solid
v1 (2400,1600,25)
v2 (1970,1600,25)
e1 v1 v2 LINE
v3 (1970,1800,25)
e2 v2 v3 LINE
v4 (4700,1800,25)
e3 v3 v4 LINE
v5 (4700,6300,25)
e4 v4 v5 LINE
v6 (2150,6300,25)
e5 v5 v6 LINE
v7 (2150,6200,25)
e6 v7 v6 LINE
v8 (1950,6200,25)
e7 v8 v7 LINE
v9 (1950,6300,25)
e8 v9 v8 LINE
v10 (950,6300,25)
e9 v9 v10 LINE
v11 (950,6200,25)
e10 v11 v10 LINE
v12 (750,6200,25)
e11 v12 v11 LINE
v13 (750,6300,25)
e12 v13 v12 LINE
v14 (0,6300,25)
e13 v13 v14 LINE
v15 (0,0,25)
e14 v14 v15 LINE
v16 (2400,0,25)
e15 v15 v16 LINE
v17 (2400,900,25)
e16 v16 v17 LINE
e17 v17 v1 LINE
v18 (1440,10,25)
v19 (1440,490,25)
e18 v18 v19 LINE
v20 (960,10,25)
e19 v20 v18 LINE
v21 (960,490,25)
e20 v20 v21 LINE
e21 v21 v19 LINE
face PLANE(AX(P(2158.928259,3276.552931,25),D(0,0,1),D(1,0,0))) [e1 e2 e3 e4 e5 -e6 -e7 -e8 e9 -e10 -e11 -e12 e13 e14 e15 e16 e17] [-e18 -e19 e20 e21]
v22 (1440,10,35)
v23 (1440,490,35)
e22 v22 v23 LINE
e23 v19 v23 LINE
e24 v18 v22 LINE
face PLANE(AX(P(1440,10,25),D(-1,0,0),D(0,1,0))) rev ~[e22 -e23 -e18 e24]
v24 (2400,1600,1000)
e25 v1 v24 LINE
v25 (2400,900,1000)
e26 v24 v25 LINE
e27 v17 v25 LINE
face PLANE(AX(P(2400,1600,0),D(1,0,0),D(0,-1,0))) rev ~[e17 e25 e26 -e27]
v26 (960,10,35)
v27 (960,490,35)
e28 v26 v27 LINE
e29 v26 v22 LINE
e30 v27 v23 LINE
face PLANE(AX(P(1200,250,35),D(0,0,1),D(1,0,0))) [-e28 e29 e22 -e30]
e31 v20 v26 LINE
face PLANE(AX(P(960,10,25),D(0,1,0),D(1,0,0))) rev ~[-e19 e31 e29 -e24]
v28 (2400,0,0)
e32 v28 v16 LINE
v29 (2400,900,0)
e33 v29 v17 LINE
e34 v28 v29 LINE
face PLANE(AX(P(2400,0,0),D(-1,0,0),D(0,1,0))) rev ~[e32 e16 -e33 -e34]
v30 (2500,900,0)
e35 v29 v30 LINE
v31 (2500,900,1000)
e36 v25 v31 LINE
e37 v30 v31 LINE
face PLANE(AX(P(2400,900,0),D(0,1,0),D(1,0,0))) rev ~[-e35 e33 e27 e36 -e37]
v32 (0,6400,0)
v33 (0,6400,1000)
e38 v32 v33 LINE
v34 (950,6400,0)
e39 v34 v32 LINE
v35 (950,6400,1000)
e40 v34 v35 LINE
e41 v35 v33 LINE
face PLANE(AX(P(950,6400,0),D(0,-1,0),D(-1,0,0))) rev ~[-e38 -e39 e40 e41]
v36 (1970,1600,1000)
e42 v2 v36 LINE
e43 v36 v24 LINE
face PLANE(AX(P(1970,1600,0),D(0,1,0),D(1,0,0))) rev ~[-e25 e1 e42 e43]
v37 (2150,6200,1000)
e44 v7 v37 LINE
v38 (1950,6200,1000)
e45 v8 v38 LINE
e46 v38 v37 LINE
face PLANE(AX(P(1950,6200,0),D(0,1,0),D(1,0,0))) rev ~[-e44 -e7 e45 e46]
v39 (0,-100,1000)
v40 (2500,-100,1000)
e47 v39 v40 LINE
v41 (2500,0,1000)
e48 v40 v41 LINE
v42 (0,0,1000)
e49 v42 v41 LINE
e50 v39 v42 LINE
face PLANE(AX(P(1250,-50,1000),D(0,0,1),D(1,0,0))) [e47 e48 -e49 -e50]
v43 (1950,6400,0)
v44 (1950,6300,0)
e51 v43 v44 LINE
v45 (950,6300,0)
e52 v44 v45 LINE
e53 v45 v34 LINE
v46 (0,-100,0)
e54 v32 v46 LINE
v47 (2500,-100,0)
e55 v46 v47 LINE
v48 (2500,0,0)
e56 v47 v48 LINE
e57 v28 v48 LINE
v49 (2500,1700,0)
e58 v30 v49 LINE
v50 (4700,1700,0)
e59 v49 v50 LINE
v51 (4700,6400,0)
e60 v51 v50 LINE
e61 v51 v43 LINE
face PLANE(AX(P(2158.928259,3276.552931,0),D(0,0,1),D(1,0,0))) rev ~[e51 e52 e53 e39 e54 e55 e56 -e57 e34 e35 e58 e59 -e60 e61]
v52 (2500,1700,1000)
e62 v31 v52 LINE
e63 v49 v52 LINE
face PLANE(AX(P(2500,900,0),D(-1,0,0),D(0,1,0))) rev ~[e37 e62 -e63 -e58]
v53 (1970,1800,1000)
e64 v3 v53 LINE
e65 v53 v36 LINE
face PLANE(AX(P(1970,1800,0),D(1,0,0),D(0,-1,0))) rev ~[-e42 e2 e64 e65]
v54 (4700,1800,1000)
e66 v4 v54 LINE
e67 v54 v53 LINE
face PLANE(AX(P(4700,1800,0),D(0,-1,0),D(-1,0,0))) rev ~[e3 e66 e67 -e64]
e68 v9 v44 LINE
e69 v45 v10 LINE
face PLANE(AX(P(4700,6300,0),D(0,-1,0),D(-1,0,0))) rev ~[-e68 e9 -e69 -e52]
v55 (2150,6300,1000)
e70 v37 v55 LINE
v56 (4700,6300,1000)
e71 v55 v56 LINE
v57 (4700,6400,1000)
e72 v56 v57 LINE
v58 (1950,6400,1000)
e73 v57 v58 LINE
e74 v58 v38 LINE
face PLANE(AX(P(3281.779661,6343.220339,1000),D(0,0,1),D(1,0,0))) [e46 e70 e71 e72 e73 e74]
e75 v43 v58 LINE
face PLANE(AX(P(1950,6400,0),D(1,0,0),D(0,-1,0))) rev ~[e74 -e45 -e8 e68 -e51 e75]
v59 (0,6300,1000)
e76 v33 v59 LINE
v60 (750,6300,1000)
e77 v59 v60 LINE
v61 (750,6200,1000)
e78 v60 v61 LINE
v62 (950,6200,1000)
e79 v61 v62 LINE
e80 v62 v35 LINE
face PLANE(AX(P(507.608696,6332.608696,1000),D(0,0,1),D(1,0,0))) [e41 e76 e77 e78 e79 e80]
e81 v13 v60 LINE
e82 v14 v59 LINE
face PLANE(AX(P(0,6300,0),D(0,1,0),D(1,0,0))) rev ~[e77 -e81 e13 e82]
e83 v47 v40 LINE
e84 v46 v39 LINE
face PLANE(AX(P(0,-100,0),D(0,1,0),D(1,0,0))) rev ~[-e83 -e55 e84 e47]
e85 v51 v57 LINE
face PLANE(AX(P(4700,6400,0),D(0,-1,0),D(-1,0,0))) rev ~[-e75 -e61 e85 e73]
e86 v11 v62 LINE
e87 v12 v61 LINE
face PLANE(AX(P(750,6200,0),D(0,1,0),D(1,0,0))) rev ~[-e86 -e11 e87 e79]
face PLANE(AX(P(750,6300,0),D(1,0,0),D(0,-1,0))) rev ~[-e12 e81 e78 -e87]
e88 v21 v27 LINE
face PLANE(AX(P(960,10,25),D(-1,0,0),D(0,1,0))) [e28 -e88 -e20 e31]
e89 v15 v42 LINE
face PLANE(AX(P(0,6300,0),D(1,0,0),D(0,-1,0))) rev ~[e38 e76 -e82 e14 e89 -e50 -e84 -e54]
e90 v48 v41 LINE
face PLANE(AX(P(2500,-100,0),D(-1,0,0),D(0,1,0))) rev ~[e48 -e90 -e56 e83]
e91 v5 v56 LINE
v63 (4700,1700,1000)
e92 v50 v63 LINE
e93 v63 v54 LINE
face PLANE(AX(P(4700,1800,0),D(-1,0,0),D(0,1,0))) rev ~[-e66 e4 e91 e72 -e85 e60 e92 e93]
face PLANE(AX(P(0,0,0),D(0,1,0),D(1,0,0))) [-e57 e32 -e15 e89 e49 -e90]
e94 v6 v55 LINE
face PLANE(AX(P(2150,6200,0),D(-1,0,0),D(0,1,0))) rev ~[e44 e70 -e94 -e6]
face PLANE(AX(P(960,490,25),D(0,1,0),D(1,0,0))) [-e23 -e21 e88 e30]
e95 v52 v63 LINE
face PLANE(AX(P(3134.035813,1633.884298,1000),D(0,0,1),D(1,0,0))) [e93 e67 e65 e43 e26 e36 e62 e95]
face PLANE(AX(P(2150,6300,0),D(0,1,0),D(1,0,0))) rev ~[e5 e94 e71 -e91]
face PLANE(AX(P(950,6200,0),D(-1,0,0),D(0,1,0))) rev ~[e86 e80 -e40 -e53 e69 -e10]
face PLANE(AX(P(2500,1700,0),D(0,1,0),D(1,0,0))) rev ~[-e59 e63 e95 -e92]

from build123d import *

# Parameters (mm, degrees)
F2_DEPTH  = 1000
F4_DEPTH  = 1000
F5_W      = 2500
F5_H      = 100
F6_DEPTH  = 1000
F8_DEPTH  = 1000
F9_DEPTH  = 25
F10_W     = 480
F10_H     = 480
F11_DEPTH = 10


with BuildPart() as f2:
    # F1 (on Top) → F2 (new body)
    with BuildSketch(Plane.XY):
        Polygon((0, 6400), (0, 6300), (750, 6300), (750, 6200), (950, 6200), (950, 6400), align=None)
    extrude(amount=F2_DEPTH)



with BuildPart() as f4:
    # F3 (on Top) → F4 (new body)
    with BuildSketch(Plane.XY):
        Polygon((4700, 6300), (4700, 6400), (1950, 6400), (1950, 6200), (2150, 6200), (2150, 6300), align=None)
    extrude(amount=F4_DEPTH)


with BuildPart() as f6:
    # F5 (on Top) → F6 (new body)
    with BuildSketch(Plane.XY):
        with Locations((1250, -50)):
            Rectangle(F5_W, F5_H)
    extrude(amount=F6_DEPTH)


with BuildPart() as f8:
    # F7 (on Top) → F8 (new body)
    with BuildSketch(Plane.XY):
        Polygon((4700, 1800), (1970, 1800), (1970, 1600), (2400, 1600), (2400, 900), (2500, 900), (2500, 1700), (4700, 1700), align=None)
    extrude(amount=F8_DEPTH)


with BuildPart() as f2_1:
    add(f2.part)

    add(f4.part)  # F9 merges F4

    add(f6.part)  # F9 merges F6

    add(f8.part)  # F9 merges F8
    # F0 (on Top) → F9 (join)
    with BuildSketch(Plane.XY):
        Polygon((0, 6300), (0, 0), (2400, 0), (2400, 1600), (1970, 1600), (1970, 1800), (4700, 1800), (4700, 6300), align=None)
    extrude(amount=F9_DEPTH)

    # F10 (on face) → F11 (join)
    with BuildSketch(Plane.XY.offset(25)):
        with Locations((1200, 250)):
            Rectangle(F10_W, F10_H)
    extrude(amount=F11_DEPTH)


solid = f2_1.part
